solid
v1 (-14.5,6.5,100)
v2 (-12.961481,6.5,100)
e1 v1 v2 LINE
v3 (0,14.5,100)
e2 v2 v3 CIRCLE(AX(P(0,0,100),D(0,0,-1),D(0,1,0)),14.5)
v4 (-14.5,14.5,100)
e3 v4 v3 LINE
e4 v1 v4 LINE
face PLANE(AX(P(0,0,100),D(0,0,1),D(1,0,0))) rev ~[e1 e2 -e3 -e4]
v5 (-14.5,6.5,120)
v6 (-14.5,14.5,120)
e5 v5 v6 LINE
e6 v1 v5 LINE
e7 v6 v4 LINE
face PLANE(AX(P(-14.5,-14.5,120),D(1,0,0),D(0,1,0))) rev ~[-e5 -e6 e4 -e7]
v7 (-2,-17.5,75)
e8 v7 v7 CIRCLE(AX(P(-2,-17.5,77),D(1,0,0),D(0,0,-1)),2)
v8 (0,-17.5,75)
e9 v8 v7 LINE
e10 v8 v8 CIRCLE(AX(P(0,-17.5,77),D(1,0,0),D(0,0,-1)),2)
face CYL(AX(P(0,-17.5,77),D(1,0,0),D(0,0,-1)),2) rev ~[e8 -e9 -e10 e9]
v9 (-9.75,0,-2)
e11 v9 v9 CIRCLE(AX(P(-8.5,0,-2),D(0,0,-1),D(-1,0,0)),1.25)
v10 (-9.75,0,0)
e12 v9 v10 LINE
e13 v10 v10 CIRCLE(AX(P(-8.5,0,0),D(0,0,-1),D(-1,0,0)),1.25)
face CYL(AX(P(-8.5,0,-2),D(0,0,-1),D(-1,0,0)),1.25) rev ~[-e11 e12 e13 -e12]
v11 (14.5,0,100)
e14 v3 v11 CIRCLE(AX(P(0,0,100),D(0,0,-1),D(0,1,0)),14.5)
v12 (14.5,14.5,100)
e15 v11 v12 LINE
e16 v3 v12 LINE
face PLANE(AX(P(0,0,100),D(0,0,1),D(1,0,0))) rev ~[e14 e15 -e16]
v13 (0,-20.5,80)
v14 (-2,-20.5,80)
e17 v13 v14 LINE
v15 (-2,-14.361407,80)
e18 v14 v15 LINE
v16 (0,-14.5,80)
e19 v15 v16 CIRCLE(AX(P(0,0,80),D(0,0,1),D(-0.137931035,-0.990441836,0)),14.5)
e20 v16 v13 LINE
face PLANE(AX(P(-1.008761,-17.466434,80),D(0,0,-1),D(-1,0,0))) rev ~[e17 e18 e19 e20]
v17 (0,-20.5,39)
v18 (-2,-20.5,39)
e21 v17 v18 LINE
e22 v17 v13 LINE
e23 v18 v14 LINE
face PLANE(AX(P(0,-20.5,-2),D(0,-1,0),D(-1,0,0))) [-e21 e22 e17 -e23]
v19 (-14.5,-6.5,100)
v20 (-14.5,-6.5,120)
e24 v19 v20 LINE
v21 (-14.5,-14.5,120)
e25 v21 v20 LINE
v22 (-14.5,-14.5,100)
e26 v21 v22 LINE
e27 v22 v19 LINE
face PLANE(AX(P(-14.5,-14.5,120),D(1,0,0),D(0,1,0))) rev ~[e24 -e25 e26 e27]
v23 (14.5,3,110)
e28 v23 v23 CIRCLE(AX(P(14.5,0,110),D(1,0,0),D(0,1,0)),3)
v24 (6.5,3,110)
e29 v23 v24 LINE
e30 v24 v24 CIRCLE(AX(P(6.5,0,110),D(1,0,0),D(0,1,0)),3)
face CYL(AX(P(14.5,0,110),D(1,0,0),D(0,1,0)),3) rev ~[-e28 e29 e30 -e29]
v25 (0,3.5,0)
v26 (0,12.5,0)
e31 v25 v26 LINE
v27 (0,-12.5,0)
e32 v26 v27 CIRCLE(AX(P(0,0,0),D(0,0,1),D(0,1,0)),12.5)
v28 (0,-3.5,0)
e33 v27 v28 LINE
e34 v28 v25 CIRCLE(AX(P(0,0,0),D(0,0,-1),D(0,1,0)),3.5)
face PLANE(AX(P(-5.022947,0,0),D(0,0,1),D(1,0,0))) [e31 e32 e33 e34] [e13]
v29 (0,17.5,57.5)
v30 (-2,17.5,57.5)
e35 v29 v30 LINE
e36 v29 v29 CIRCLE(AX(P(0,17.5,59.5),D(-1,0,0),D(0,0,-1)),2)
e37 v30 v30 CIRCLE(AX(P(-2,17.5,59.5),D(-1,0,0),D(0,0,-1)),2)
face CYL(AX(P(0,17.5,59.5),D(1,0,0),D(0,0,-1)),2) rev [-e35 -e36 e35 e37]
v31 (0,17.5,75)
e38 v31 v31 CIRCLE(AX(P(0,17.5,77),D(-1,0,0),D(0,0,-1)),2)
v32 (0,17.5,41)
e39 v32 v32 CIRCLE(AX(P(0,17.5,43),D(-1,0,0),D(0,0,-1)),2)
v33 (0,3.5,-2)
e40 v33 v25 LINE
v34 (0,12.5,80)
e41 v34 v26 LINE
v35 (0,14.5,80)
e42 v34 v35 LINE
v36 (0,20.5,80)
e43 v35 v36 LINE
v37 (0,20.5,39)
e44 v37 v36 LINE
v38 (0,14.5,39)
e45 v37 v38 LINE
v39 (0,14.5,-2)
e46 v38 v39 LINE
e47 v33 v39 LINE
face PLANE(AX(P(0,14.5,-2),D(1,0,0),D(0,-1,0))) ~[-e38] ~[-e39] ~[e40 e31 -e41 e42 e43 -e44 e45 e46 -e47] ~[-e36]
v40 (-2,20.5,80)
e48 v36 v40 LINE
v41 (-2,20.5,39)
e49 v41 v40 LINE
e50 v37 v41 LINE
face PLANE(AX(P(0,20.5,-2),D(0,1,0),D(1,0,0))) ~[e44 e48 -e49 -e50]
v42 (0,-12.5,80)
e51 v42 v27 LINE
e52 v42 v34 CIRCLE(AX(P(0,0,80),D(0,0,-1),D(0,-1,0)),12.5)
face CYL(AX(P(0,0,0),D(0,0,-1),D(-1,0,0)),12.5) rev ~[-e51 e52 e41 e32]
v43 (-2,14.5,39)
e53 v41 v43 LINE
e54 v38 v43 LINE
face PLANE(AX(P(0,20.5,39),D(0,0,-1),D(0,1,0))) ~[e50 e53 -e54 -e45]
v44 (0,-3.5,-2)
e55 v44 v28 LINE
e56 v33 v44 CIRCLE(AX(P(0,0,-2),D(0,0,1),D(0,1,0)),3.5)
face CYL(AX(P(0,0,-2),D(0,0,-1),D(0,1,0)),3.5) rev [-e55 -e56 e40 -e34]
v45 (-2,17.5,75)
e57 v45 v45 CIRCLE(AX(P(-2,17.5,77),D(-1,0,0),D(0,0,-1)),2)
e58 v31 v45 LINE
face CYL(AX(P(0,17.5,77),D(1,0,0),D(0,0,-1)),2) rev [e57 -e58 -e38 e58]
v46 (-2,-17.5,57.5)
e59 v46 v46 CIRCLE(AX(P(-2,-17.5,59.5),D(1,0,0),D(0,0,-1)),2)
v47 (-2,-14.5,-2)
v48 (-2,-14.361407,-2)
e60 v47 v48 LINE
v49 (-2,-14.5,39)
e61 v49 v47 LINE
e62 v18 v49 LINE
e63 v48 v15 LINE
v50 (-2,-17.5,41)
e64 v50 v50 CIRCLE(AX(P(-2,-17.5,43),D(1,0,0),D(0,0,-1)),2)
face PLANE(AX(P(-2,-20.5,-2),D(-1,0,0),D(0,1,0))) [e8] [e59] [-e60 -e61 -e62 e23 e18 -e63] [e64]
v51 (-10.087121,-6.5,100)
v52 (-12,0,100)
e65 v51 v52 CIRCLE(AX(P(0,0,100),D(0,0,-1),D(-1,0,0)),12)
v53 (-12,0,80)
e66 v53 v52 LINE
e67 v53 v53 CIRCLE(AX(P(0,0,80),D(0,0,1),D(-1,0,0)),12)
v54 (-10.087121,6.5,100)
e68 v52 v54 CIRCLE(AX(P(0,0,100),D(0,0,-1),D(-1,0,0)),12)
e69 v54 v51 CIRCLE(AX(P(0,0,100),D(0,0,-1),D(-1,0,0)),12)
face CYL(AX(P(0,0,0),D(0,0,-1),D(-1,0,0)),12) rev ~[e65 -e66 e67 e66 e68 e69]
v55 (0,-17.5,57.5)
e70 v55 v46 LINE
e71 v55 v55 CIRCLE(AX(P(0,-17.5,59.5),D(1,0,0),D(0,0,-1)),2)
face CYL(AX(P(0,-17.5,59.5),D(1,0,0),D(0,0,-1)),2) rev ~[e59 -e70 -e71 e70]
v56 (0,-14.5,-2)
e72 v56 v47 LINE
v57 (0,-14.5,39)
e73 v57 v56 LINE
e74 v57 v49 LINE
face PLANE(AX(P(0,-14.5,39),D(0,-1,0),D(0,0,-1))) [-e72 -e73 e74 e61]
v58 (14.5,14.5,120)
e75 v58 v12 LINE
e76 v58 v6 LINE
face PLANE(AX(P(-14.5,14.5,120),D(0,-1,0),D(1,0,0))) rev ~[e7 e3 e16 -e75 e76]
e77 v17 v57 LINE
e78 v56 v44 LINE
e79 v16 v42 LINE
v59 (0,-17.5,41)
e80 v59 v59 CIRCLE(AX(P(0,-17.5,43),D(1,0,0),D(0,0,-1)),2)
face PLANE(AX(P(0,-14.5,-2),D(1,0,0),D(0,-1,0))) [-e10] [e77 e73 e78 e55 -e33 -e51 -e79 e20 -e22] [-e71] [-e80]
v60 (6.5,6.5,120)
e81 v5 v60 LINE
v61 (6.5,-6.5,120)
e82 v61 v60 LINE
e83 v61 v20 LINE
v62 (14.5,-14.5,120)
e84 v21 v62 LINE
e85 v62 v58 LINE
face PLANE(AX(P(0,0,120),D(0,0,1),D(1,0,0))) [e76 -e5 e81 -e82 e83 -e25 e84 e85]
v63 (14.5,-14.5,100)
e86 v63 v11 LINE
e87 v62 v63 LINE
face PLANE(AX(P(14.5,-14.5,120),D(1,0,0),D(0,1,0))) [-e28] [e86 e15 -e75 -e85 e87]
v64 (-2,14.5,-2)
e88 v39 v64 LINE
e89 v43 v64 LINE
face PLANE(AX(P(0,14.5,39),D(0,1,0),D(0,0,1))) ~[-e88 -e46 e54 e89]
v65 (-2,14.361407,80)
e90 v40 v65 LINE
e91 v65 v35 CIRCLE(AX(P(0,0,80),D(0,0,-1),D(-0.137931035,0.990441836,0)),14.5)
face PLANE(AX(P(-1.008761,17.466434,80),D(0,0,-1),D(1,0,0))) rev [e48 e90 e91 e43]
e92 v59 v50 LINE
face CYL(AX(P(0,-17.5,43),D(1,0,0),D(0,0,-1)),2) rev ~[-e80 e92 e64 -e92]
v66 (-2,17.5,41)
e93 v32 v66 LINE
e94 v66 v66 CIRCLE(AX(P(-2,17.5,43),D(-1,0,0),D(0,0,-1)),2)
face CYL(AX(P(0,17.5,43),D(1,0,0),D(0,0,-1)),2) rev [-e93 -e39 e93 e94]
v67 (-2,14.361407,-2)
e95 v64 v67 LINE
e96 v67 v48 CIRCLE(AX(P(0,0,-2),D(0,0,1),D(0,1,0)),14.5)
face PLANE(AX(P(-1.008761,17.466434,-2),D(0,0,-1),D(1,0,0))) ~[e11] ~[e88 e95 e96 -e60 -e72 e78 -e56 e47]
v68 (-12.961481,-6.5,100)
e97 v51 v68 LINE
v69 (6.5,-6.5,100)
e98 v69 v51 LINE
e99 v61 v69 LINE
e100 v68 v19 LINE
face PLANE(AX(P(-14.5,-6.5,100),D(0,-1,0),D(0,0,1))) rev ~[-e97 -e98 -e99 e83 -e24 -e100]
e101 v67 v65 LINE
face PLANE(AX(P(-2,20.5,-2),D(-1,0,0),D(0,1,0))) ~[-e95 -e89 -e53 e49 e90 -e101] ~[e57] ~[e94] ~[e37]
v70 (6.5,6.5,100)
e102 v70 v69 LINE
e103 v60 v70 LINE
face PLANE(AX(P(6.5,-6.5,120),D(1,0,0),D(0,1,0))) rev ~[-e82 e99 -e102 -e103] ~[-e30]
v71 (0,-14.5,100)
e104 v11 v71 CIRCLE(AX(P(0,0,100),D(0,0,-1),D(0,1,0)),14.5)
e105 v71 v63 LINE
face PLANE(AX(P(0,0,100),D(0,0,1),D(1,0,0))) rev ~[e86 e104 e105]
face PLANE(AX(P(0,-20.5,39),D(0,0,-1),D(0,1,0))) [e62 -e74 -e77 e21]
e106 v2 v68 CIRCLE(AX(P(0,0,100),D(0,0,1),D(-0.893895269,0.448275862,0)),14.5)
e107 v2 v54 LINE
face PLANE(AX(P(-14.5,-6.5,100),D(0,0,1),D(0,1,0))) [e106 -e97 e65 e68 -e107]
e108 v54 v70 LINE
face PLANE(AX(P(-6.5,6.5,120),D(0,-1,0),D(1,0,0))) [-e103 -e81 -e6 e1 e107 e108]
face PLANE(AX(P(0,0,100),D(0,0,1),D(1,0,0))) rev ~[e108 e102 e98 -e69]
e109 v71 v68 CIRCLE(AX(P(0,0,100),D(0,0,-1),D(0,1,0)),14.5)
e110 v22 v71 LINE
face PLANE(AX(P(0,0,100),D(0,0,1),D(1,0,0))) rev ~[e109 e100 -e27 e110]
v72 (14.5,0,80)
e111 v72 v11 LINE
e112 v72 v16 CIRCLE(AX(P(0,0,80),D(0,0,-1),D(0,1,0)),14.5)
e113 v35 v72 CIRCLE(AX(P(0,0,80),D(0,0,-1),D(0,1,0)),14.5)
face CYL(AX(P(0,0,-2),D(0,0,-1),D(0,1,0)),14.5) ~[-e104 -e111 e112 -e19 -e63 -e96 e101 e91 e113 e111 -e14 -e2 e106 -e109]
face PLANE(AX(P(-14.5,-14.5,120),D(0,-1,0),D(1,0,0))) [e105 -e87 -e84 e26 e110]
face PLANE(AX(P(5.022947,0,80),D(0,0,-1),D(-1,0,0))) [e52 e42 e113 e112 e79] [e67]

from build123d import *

# Parameters (mm, degrees)
SKETCH1_R           = 14.5
BOSS_EXTRUDE1_DEPTH = 120
CUT_EXTRUDE1_REACH  = 123.739
SKETCH2_R           = 12
SKETCH3_R           = 12.5
CUT_EXTRUDE2_DEPTH  = 80
CUT_EXTRUDE3_DEPTH  = 80
BOSS_EXTRUDE2_START = 2
BOSS_EXTRUDE2_DEPTH = 2
CUT_EXTRUDE4_REACH  = 125.711
CUT_EXTRUDE5_REACH  = 125.711
SKETCH7_R           = 1.25
BOSS_EXTRUDE3_DEPTH = 82
CUT_EXTRUDE6_REACH  = 124.599
SKETCH9_W           = 41
SKETCH9_H           = 6
CUT_EXTRUDE7_REACH  = 124.599
SKETCH10_R          = 2
SKETCH12_W          = 29
SKETCH12_H          = 29
BOSS_EXTRUDE4_DEPTH = 20
CUT_EXTRUDE9_REACH  = 126.557
SKETCH13_W          = 13
SKETCH13_H          = 13
CUT_EXTRUDE10_REACH = 127.145
SKETCH14_W          = 20
SKETCH14_H          = 13
CUT_EXTRUDE11_REACH = 127.145
SKETCH15_R          = 3


with BuildPart() as part:
    # Sketch1 → Boss-Extrude1 (new body)
    with BuildSketch(Plane.XY):
        Circle(SKETCH1_R)
    extrude(amount=BOSS_EXTRUDE1_DEPTH)

    # Sketch2 → Cut-Extrude1 (cut, up to next)
    with BuildSketch(Plane(origin=(0, 0, 0), x_dir=(-1, 0, 0), z_dir=(0, 0, -1)), mode=Mode.PRIVATE) as cut_extrude1_sk1:
        Circle(SKETCH2_R)
    cut_extrude1_tool1 = extrude(cut_extrude1_sk1.sketch, amount=-CUT_EXTRUDE1_REACH, mode=Mode.PRIVATE) & part.part
    add(cut_extrude1_tool1.solids().sort_by_distance((0, 0, 0))[0], mode=Mode.SUBTRACT)

    # Sketch3 → Cut-Extrude2 (cut)
    with BuildSketch(Plane(origin=(0, 0, 0), x_dir=(-1, 0, 0), z_dir=(0, 0, -1))):
        Circle(SKETCH3_R)
    extrude(amount=-CUT_EXTRUDE2_DEPTH, mode=Mode.SUBTRACT)

    # Sketch4 → Cut-Extrude3 (cut)
    with BuildSketch(Plane(origin=(0, 0, 0), x_dir=(-1, 0, 0), z_dir=(0, 0, -1))):
        with BuildLine():
            Line((0, -14.5), (0, 14.5))
            ThreePointArc((0, 14.5), (-14.5, 0), (0, -14.5))
        make_face()
    extrude(amount=-CUT_EXTRUDE3_DEPTH, mode=Mode.SUBTRACT)

    # Sketch5 → Boss-Extrude2 (add)
    with BuildSketch(Plane(origin=(0, 0, 0), x_dir=(-1, 0, 0), z_dir=(0, 0, -1)).offset(BOSS_EXTRUDE2_START)):
        with BuildLine():
            Line((0, -14.5), (0, 14.5))
            ThreePointArc((0, 14.5), (14.5, 0), (0, -14.5))
        make_face()
    extrude(amount=-BOSS_EXTRUDE2_DEPTH)

    # Sketch6 → Cut-Extrude4 (cut, up to next)
    with BuildSketch(Plane(origin=(0, 0, -2), x_dir=(-1, 0, 0), z_dir=(0, 0, -1)), mode=Mode.PRIVATE) as cut_extrude4_sk1:
        with BuildLine():
            Line((0, -3.5), (0, 3.5))
            ThreePointArc((0, 3.5), (3.5, 0), (0, -3.5))
        make_face()
    cut_extrude4_tool1 = extrude(cut_extrude4_sk1.sketch, amount=-CUT_EXTRUDE4_REACH, mode=Mode.PRIVATE) & part.part
    add(cut_extrude4_tool1.solids().sort_by_distance((-1.485446, 0, -2))[0], mode=Mode.SUBTRACT)

    # Sketch7 → Cut-Extrude5 (cut, up to next)
    with BuildSketch(Plane(origin=(0, 0, -2), x_dir=(-1, 0, 0), z_dir=(0, 0, -1)), mode=Mode.PRIVATE) as cut_extrude5_sk1:
        with Locations((8.5, 0)):
            Circle(SKETCH7_R)
    cut_extrude5_tool1 = extrude(cut_extrude5_sk1.sketch, amount=-CUT_EXTRUDE5_REACH, mode=Mode.PRIVATE) & part.part
    add(cut_extrude5_tool1.solids().sort_by_distance((-8.5, 0, -2))[0], mode=Mode.SUBTRACT)

    # Sketch8 → Boss-Extrude3 (add)
    with BuildSketch(Plane(origin=(0, 0, -2), x_dir=(-1, 0, 0), z_dir=(0, 0, -1))):
        with BuildLine():
            Line((0, -14.5), (0, -20.5))
            Line((0, -20.5), (2, -20.5))
            Line((2, -20.5), (2, -14.361406616))
            ThreePointArc((2, -14.361406616), (1.00239814, -14.465310158), (0, -14.5))
        make_face()
    boss_extrude3 = extrude(amount=-BOSS_EXTRUDE3_DEPTH)

    # Sketch9 → Cut-Extrude6 (cut, up to next)
    with BuildSketch(Plane(origin=(0, 0, 0), x_dir=(0, 0, -1), z_dir=(1, 0, 0)), mode=Mode.PRIVATE) as cut_extrude6_sk1:
        with Locations((-18.5, -17.5)):
            Rectangle(SKETCH9_W, SKETCH9_H)
    cut_extrude6_tool1 = extrude(cut_extrude6_sk1.sketch, amount=-CUT_EXTRUDE6_REACH, mode=Mode.PRIVATE) & part.part
    cut_extrude6 = cut_extrude6_tool1.solids().sort_by_distance((0, -17.5, 18.5))[0]
    add(cut_extrude6, mode=Mode.SUBTRACT)

    # Sketch10 → Cut-Extrude7 (cut, up to next)
    with BuildSketch(Plane(origin=(0, 0, 0), x_dir=(0, 0, -1), z_dir=(1, 0, 0)), mode=Mode.PRIVATE) as cut_extrude7_sk1:
        with Locations((-77, -17.5)):
            Circle(SKETCH10_R)
    cut_extrude7_tool1 = extrude(cut_extrude7_sk1.sketch, amount=-CUT_EXTRUDE7_REACH, mode=Mode.PRIVATE) & part.part
    # Sketch10 → Cut-Extrude7 (cut, up to next)
    with BuildSketch(Plane(origin=(0, 0, 0), x_dir=(0, 0, -1), z_dir=(1, 0, 0)), mode=Mode.PRIVATE) as cut_extrude7_sk2:
        with Locations((-59.5, -17.5)):
            Circle(SKETCH10_R)
    cut_extrude7_tool2 = extrude(cut_extrude7_sk2.sketch, amount=-CUT_EXTRUDE7_REACH, mode=Mode.PRIVATE) & part.part
    # Sketch10 → Cut-Extrude7 (cut, up to next)
    with BuildSketch(Plane(origin=(0, 0, 0), x_dir=(0, 0, -1), z_dir=(1, 0, 0)), mode=Mode.PRIVATE) as cut_extrude7_sk3:
        with Locations((-43, -17.5)):
            Circle(SKETCH10_R)
    cut_extrude7_tool3 = extrude(cut_extrude7_sk3.sketch, amount=-CUT_EXTRUDE7_REACH, mode=Mode.PRIVATE) & part.part
    cut_extrude7_1 = cut_extrude7_tool1.solids().sort_by_distance((0, -17.5, 77))[0]
    add(cut_extrude7_1, mode=Mode.SUBTRACT)
    cut_extrude7_2 = cut_extrude7_tool2.solids().sort_by_distance((0, -17.5, 59.5))[0]
    add(cut_extrude7_2, mode=Mode.SUBTRACT)
    cut_extrude7_3 = cut_extrude7_tool3.solids().sort_by_distance((0, -17.5, 43))[0]
    add(cut_extrude7_3, mode=Mode.SUBTRACT)
    cut_extrude7 = cut_extrude7_1 + cut_extrude7_2 + cut_extrude7_3  # Cut-Extrude7 as one shape, for the pattern or mirror that repeats it

    # Mirror1: Boss-Extrude3, Cut-Extrude6, Cut-Extrude7 across plane
    add(boss_extrude3.mirror(Plane.ZX))
    add(cut_extrude6.mirror(Plane.ZX), mode=Mode.SUBTRACT)
    add(cut_extrude7.mirror(Plane.ZX), mode=Mode.SUBTRACT)

    # Sketch12 → Boss-Extrude4 (add)
    with BuildSketch(Plane.XY.offset(120)):
        Rectangle(SKETCH12_W, SKETCH12_H)
    extrude(amount=-BOSS_EXTRUDE4_DEPTH)

    # Sketch13 → Cut-Extrude9 (cut, up to next)
    with BuildSketch(Plane.XY.offset(120), mode=Mode.PRIVATE) as cut_extrude9_sk1:
        Rectangle(SKETCH13_W, SKETCH13_H)
    cut_extrude9_tool1 = extrude(cut_extrude9_sk1.sketch, amount=-CUT_EXTRUDE9_REACH, mode=Mode.PRIVATE) & part.part
    add(cut_extrude9_tool1.solids().sort_by_distance((0, 0, 120))[0], mode=Mode.SUBTRACT)

    # Sketch14 → Cut-Extrude10 (cut, up to next)
    with BuildSketch(Plane.ZY.offset(14.5), mode=Mode.PRIVATE) as cut_extrude10_sk1:
        with Locations((110, 0)):
            Rectangle(SKETCH14_W, SKETCH14_H)
    cut_extrude10_tool1 = extrude(cut_extrude10_sk1.sketch, amount=-CUT_EXTRUDE10_REACH, mode=Mode.PRIVATE) & part.part
    add(cut_extrude10_tool1.solids().sort_by_distance((-14.5, 0, 110))[0], mode=Mode.SUBTRACT)

    # Sketch15 → Cut-Extrude11 (cut, up to next)
    with BuildSketch(Plane(origin=(14.5, 0, 0), x_dir=(0, 0, -1), z_dir=(1, 0, 0)), mode=Mode.PRIVATE) as cut_extrude11_sk1:
        with Locations(Location((-110, 0, 0), (0, 0, 90))):
            Circle(SKETCH15_R)
    cut_extrude11_tool1 = extrude(cut_extrude11_sk1.sketch, amount=-CUT_EXTRUDE11_REACH, mode=Mode.PRIVATE) & part.part
    add(cut_extrude11_tool1.solids().sort_by_distance((14.5, 0, 110))[0], mode=Mode.SUBTRACT)


solid = part.part
